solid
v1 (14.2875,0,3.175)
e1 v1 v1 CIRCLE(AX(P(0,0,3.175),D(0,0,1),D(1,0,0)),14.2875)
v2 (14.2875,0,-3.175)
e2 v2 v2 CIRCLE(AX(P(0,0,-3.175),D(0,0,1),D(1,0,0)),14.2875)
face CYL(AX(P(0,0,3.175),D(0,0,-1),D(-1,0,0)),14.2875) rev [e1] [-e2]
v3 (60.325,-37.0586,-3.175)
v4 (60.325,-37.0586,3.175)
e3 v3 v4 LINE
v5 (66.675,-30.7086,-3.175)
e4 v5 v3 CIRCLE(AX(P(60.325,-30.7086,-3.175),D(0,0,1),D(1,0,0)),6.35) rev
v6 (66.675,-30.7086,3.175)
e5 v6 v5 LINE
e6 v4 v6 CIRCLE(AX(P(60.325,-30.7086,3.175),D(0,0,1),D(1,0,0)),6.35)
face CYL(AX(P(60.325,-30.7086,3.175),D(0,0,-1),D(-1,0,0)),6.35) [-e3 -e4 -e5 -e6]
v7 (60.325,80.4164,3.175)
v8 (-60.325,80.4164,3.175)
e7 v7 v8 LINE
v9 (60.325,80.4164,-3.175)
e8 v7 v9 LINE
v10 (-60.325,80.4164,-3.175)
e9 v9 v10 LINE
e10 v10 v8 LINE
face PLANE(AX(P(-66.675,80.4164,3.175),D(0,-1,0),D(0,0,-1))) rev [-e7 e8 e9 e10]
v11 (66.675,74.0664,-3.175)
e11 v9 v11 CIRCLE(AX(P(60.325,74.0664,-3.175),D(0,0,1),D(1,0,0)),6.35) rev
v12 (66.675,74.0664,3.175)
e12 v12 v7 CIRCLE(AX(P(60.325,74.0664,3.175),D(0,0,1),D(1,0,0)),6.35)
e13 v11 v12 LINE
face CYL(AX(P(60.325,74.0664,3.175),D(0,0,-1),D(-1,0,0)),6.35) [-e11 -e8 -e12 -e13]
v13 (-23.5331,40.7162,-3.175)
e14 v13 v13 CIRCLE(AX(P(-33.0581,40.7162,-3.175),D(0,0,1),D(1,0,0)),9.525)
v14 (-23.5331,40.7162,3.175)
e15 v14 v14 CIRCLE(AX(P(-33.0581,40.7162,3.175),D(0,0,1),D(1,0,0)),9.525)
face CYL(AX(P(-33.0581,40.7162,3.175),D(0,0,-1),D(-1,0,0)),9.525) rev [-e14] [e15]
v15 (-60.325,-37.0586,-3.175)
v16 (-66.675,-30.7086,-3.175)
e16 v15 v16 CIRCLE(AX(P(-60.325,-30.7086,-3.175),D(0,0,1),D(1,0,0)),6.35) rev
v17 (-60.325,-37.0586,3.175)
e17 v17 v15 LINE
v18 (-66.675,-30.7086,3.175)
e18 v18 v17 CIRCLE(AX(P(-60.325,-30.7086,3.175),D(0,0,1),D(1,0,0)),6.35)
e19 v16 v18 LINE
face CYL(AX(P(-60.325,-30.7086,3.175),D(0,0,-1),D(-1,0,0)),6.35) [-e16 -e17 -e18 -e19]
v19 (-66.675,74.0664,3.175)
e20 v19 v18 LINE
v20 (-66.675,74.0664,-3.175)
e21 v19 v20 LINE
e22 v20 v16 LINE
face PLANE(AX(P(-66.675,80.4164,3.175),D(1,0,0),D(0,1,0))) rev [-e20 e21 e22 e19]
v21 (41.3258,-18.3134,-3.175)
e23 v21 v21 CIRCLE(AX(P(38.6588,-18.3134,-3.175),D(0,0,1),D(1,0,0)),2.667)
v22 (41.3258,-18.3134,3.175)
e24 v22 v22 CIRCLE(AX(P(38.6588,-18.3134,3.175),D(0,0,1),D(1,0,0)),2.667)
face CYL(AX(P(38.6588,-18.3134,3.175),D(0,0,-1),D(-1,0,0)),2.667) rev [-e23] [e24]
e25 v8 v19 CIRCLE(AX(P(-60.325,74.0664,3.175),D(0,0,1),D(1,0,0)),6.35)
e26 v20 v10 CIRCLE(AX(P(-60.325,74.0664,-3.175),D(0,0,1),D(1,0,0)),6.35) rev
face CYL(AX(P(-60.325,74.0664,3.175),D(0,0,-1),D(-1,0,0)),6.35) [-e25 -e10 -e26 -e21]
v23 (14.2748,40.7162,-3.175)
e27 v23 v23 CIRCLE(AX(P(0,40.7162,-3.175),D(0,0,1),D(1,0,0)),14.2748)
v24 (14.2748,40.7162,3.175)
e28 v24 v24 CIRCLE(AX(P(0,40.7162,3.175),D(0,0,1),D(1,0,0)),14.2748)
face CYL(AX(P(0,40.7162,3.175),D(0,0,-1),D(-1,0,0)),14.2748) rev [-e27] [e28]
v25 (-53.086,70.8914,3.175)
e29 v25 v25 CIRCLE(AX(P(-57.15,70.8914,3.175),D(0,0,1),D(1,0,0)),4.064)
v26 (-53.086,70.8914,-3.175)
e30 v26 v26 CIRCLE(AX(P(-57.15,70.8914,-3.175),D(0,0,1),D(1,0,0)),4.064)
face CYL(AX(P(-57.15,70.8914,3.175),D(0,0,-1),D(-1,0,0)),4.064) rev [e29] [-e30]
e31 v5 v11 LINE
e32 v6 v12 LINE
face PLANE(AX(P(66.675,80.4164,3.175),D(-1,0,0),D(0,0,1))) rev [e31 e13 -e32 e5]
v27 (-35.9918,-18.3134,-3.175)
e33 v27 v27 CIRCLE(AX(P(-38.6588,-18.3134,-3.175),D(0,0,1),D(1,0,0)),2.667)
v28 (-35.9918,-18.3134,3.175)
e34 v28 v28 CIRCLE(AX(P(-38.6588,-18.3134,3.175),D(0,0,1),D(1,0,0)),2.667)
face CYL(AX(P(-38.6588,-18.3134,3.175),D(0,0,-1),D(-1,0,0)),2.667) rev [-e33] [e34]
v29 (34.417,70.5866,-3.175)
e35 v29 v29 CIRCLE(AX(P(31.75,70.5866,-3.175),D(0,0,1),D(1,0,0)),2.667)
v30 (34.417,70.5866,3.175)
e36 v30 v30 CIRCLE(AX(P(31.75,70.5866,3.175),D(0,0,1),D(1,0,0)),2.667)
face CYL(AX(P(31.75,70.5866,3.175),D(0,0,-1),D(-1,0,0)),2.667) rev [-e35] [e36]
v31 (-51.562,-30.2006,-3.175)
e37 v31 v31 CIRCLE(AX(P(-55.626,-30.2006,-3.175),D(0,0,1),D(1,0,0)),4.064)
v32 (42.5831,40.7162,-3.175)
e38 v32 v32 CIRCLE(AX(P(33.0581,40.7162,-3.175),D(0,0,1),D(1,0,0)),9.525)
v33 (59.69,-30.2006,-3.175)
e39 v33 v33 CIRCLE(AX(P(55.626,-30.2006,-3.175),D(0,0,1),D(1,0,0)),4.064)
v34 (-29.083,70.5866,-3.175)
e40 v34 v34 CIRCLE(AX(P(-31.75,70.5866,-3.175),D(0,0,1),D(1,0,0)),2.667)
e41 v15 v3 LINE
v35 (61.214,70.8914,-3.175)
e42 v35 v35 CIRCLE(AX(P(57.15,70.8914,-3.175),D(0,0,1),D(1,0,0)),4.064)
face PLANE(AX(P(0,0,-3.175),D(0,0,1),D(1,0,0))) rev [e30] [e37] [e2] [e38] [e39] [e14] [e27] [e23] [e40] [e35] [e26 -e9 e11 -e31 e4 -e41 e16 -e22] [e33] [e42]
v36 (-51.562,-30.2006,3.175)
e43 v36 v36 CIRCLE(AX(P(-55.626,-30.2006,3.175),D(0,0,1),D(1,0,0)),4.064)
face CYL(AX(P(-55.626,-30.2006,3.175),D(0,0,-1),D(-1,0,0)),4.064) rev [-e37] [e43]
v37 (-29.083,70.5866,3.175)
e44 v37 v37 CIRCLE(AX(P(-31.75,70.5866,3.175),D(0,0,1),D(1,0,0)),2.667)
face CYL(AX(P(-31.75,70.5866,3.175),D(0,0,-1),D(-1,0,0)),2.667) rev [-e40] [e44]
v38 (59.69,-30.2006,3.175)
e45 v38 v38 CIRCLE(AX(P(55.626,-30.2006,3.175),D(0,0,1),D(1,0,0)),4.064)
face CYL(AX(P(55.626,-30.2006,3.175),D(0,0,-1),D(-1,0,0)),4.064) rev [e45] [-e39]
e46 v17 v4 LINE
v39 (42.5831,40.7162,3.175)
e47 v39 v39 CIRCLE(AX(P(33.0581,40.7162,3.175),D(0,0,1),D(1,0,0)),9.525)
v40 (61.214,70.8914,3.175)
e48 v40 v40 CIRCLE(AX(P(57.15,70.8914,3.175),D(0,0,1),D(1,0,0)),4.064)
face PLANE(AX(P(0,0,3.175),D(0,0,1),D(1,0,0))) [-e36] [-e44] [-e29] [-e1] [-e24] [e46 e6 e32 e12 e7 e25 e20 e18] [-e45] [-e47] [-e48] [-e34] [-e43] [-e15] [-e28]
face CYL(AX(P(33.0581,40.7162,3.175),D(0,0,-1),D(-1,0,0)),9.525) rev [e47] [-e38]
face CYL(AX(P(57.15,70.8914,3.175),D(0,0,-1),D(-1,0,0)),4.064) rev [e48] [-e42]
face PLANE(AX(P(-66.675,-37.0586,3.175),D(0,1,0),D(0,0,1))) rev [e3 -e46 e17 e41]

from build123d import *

# Parameters (mm, degrees)
SKETCH1_W           = 133.35
SKETCH1_H           = 117.475
SKETCH1_R           = 14.2748
SKETCH1_R_2         = 9.525
SKETCH1_R_3         = 14.2875
SKETCH1_R_4         = 4.064
SKETCH1_R_5         = 2.667
BOSS_EXTRUDE1_DEPTH = 3.175
FILLET1_R           = 6.35


with BuildPart() as part:
    # Sketch1 → Boss-Extrude1 (new, symmetric)
    with BuildSketch(Plane.XY):
        with Locations((0, 21.6789)):
            Rectangle(SKETCH1_W, SKETCH1_H)
        with Locations((0, 40.7162)):
            Circle(SKETCH1_R, mode=Mode.SUBTRACT)
        with Locations((33.0581, 40.7162)):
            Circle(SKETCH1_R_2, mode=Mode.SUBTRACT)
        with Locations((-33.0581, 40.7162)):
            Circle(SKETCH1_R_2, mode=Mode.SUBTRACT)
        Circle(SKETCH1_R_3, mode=Mode.SUBTRACT)
        with Locations((-57.15, 70.8914)):
            Circle(SKETCH1_R_4, mode=Mode.SUBTRACT)
        with Locations((-55.626, -30.2006)):
            Circle(SKETCH1_R_4, mode=Mode.SUBTRACT)
        with Locations((57.15, 70.8914)):
            Circle(SKETCH1_R_4, mode=Mode.SUBTRACT)
        with Locations((55.626, -30.2006)):
            Circle(SKETCH1_R_4, mode=Mode.SUBTRACT)
        with Locations((38.6588, -18.3134)):
            Circle(SKETCH1_R_5, mode=Mode.SUBTRACT)
        with Locations((-38.6588, -18.3134)):
            Circle(SKETCH1_R_5, mode=Mode.SUBTRACT)
        with Locations((-31.75, 70.5866)):
            Circle(SKETCH1_R_5, mode=Mode.SUBTRACT)
        with Locations((31.75, 70.5866)):
            Circle(SKETCH1_R_5, mode=Mode.SUBTRACT)
    extrude(amount=BOSS_EXTRUDE1_DEPTH, both=True)

    # Fillet1
    fillet1_edges = [part.edges().sort_by_distance(p)[0] for p in [
        (66.675, -37.0586, 0),
        (-66.675, -37.0586, 0),
        (-66.675, 80.4164, 0),
        (66.675, 80.4164, 0),
    ]]
    fillet(fillet1_edges, radius=FILLET1_R)


solid = part.part
